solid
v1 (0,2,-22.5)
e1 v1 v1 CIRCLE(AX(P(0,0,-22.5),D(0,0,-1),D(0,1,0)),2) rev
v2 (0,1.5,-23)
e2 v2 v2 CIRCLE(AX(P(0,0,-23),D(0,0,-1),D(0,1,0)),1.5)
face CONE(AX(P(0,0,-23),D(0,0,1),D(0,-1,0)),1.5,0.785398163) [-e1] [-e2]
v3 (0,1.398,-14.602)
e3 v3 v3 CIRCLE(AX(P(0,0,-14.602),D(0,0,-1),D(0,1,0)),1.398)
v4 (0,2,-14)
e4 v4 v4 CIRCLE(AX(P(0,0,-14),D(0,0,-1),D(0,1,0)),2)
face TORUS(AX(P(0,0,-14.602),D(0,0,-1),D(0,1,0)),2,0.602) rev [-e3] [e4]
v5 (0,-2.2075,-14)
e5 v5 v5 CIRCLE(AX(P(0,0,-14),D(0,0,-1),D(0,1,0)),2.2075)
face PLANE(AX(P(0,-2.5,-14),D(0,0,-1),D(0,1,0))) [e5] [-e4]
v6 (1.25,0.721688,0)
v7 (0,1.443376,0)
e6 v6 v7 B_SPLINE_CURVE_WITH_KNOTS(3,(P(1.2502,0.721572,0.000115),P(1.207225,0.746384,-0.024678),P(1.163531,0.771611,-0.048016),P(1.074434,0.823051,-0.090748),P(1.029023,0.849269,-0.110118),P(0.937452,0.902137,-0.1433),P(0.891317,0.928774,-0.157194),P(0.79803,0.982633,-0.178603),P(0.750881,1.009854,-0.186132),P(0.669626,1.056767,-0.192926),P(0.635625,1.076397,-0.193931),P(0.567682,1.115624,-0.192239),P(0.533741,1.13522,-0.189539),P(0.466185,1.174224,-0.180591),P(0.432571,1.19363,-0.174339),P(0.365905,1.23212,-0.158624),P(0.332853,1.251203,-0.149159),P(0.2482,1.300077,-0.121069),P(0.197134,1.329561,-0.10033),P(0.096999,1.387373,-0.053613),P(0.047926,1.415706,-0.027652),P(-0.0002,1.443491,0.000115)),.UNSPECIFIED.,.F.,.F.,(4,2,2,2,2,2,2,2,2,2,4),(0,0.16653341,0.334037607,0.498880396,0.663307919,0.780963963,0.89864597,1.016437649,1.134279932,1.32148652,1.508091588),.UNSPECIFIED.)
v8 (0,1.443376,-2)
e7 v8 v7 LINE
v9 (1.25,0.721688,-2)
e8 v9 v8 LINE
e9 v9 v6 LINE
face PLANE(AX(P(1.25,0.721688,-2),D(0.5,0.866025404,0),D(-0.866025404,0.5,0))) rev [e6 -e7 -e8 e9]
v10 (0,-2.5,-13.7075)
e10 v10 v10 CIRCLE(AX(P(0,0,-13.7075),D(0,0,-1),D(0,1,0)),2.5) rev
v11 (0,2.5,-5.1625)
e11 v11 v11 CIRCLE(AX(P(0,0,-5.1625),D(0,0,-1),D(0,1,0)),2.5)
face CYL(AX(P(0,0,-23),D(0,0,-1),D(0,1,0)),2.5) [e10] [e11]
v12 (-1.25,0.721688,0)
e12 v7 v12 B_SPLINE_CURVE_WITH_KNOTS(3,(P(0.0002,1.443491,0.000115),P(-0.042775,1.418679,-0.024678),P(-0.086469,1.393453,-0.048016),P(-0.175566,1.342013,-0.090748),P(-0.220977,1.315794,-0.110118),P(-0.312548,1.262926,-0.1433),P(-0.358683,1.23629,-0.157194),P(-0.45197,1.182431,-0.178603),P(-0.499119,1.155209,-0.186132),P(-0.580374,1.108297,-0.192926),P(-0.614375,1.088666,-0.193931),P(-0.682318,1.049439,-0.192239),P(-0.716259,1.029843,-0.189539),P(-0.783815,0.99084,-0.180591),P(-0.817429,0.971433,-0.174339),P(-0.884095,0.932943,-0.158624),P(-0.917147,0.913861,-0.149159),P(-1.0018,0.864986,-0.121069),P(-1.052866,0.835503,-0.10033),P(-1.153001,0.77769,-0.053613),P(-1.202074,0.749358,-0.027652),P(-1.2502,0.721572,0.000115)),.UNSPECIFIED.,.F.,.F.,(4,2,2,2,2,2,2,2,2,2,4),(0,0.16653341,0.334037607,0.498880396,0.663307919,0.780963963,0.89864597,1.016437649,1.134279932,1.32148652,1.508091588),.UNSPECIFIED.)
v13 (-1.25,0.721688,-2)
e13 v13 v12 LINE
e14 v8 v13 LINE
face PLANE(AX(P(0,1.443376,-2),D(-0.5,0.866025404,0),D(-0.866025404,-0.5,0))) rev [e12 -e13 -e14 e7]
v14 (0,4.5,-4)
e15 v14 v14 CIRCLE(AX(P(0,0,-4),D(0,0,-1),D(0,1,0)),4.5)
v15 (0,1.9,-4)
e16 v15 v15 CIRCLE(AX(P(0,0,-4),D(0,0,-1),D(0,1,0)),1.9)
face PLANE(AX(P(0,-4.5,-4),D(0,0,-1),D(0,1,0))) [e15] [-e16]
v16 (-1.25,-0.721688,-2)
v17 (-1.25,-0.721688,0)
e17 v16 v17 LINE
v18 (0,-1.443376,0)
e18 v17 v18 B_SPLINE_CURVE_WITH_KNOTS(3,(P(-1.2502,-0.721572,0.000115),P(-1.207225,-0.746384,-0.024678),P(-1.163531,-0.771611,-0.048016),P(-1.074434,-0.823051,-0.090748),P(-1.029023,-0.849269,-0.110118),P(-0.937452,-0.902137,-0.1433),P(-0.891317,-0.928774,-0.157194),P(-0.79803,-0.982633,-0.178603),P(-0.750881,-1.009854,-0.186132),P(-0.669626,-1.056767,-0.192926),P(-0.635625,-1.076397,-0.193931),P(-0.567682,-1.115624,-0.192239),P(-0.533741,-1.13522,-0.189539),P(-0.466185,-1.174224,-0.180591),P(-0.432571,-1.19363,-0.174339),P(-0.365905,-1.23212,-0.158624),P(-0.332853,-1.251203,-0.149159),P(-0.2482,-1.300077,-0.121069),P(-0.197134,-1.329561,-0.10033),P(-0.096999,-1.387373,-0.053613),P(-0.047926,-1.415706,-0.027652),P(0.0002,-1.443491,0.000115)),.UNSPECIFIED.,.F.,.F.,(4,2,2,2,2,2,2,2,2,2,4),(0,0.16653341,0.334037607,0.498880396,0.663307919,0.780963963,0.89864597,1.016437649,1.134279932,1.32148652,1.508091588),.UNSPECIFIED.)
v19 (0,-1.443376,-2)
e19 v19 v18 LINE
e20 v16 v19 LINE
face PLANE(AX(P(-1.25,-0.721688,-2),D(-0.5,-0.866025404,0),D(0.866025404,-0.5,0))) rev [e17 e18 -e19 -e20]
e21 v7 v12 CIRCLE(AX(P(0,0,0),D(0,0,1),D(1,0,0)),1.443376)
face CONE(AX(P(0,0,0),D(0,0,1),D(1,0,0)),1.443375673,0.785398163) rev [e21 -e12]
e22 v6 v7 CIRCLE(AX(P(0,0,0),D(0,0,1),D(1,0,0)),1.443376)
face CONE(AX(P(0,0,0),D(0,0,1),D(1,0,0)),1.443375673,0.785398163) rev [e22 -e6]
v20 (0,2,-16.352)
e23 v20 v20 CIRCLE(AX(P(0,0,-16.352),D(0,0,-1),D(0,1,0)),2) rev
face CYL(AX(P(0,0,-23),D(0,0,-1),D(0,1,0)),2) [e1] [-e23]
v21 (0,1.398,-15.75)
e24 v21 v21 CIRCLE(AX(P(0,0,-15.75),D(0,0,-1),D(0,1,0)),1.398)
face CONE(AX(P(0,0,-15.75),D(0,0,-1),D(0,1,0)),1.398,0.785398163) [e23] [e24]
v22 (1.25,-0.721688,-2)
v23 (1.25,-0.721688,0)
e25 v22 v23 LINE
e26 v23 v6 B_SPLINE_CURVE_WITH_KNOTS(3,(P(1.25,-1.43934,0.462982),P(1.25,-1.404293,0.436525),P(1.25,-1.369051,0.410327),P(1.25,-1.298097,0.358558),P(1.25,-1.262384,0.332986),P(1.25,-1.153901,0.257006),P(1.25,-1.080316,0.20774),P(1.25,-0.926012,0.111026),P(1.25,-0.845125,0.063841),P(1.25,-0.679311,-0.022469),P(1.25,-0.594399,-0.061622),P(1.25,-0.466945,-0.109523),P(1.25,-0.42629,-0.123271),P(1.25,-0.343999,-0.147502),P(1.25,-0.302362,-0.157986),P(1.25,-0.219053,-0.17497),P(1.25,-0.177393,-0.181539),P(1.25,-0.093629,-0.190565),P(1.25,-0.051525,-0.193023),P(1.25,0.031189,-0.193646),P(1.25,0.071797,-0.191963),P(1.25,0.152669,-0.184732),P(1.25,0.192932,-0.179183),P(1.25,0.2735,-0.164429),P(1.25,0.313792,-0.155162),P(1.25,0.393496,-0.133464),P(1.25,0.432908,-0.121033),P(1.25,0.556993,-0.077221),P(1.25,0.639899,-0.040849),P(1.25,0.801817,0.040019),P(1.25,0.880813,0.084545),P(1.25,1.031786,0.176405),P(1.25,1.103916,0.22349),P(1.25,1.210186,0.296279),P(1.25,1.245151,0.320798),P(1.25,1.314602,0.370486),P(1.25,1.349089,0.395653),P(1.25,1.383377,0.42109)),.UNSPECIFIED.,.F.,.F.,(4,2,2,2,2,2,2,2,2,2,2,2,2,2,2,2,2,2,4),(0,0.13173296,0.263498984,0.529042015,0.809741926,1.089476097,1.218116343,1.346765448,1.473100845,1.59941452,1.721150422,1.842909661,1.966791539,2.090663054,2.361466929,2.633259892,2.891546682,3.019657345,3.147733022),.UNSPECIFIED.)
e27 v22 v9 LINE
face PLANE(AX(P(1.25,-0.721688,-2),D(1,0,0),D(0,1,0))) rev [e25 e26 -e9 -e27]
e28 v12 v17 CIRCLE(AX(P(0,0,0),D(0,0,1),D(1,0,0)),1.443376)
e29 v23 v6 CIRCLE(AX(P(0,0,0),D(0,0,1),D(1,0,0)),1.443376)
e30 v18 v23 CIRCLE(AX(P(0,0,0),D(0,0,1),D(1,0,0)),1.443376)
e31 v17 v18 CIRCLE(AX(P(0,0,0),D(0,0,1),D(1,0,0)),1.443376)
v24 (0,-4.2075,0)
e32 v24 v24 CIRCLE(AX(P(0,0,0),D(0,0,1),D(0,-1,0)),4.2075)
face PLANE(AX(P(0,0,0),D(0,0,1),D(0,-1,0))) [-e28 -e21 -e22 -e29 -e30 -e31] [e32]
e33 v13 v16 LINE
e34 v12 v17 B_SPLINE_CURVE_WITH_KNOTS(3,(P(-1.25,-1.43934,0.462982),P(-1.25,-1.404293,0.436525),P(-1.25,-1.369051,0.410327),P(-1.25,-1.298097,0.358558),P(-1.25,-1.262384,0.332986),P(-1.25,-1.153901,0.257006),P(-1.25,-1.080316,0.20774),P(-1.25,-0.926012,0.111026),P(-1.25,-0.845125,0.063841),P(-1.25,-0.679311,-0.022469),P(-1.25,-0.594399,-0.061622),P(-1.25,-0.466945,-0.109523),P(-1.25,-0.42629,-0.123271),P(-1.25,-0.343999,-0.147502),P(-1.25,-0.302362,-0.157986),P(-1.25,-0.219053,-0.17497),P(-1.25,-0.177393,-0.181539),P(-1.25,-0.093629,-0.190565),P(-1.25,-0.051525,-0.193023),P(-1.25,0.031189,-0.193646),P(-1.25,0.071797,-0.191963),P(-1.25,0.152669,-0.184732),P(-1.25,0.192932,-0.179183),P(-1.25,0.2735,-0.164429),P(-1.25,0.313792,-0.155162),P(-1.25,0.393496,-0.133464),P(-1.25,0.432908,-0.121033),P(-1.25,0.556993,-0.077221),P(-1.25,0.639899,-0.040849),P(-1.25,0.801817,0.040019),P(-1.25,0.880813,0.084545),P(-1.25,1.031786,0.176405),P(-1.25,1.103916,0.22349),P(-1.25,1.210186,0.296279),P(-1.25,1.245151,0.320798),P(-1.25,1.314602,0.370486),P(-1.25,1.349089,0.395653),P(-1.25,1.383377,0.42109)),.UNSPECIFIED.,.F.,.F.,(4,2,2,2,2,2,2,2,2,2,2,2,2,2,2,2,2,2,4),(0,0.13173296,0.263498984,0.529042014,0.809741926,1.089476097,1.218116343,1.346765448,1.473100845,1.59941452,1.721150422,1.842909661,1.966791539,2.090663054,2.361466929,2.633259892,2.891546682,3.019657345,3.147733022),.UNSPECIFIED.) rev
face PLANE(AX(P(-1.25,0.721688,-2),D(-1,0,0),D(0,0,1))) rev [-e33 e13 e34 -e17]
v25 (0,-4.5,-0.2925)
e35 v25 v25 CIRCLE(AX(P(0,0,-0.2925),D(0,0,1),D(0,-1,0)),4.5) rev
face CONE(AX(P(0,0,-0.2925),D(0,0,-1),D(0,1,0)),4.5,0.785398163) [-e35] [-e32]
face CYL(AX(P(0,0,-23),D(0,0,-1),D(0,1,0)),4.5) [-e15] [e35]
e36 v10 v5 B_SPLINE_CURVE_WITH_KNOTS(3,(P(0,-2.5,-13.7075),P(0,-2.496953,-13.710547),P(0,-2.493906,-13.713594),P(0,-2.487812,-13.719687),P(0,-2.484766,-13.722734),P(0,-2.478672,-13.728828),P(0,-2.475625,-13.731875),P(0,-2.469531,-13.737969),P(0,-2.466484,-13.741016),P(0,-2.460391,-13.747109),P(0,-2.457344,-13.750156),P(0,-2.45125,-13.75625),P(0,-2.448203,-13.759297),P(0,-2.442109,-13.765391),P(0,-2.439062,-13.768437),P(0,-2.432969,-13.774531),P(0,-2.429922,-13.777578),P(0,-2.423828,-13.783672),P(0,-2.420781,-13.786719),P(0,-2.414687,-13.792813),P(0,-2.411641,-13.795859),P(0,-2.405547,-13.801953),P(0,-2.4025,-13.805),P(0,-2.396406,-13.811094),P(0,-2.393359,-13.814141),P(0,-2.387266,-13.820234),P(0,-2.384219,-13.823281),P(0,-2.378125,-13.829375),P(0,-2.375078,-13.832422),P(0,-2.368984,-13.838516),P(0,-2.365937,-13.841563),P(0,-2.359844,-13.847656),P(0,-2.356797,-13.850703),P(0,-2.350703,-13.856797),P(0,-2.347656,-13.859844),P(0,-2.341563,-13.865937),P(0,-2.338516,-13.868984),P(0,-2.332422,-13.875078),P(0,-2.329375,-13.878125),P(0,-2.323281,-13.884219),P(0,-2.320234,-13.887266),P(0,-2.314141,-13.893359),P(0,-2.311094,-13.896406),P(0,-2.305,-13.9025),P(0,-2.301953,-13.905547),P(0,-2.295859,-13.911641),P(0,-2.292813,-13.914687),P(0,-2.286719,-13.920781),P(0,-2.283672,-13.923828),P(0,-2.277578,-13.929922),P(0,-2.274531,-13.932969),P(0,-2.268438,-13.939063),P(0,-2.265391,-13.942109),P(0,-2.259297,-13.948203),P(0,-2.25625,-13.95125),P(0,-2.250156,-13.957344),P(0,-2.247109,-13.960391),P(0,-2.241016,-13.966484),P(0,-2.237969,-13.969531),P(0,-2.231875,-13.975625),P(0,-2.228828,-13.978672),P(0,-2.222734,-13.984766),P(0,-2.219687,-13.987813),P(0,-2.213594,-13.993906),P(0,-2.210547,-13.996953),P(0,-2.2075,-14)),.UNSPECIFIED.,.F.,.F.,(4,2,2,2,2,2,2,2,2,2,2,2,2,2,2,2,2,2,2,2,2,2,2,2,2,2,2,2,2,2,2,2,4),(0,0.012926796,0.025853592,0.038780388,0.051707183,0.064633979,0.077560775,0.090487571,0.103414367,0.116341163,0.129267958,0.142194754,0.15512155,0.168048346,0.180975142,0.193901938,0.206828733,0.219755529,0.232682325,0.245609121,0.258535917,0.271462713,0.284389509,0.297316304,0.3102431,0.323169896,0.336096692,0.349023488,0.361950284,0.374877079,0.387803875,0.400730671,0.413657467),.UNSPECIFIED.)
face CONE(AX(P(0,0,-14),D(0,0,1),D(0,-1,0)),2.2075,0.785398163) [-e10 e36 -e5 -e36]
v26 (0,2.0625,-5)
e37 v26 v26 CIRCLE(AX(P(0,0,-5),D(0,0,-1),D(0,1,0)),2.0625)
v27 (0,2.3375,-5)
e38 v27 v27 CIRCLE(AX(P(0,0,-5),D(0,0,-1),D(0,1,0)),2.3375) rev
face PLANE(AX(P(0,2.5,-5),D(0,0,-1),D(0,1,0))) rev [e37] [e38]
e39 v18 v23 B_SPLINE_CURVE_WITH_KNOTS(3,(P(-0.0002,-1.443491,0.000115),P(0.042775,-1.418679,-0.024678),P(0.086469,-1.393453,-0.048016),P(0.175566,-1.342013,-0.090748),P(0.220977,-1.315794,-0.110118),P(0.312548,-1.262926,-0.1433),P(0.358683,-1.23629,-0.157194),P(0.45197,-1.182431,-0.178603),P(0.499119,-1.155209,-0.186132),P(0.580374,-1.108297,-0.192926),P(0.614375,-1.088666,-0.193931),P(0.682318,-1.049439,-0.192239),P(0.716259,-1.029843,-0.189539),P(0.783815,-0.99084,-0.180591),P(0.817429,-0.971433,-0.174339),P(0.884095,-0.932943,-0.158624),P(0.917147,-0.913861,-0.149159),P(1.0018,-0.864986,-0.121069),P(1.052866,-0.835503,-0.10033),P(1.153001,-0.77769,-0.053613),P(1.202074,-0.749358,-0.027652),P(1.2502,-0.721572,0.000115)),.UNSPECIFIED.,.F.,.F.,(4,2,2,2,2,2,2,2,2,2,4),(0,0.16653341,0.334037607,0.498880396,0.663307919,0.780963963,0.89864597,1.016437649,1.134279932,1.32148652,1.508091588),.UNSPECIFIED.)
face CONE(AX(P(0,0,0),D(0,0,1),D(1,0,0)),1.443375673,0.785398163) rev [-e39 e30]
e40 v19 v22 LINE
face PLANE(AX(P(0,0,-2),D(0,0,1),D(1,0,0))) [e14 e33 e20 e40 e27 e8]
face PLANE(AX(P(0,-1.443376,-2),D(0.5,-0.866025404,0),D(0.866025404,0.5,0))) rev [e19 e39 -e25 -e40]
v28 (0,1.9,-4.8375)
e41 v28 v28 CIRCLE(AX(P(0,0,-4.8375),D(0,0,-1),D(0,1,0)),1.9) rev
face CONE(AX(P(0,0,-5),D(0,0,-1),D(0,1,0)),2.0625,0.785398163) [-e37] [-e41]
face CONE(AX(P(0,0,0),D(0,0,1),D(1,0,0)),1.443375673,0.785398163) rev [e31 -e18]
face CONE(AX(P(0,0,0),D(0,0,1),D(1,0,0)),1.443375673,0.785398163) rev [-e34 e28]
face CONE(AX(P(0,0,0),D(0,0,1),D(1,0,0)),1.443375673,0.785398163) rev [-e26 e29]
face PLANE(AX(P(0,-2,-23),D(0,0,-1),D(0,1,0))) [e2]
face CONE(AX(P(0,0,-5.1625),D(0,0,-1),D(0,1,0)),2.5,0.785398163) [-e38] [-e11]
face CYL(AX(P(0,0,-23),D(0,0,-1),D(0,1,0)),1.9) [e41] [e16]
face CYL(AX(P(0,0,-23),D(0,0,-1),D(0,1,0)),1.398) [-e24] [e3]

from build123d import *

# Parameters (mm, degrees)
SKETCH12_W         = 1
SKETCH12_H         = 0.6
CHAMFER3_SIZE      = 0.1625
CHAMFER1_SIZE      = 0.5
CHAMFER2_SIZE      = 0.2925
CUT_EXTRUDE2_DEPTH = 2


with BuildPart() as part:
    # Sketch1 → Revolve1 (revolve)
    with BuildSketch(Plane(origin=(0, 0, 0), x_dir=(0, 0, -1), z_dir=(1, 0, 0))):
        Polygon((0, 4.5), (4, 4.5), (4, 2.5), (14, 2.5), (14, 2), (23, 2), (23, 0), (0, 0), align=None)
    revolve(axis=Axis((0, 0, -23), (0, 0, 1)))

    # Sketch12 → Cut-Revolve2 (revolve, cut)
    with BuildSketch(Plane(origin=(0, 0, 0), x_dir=(0, 0, -1), z_dir=(1, 0, 0))):
        with Locations((4.5, 2.2)):
            Rectangle(SKETCH12_W, SKETCH12_H)
    revolve(axis=Axis((0, 0, -23), (0, 0, 1)), mode=Mode.SUBTRACT)

    # Chamfer3
    chamfer3_edges = [part.edges().sort_by_distance(p)[0] for p in [
        (0, -1.9, -5),
        (0, -2.5, -5),
    ]]
    chamfer(chamfer3_edges, length=CHAMFER3_SIZE)

    # Sketch5 → Cut-Revolve1 (revolve, cut)
    with BuildSketch(Plane(origin=(0, 0, 0), x_dir=(0, 0, -1), z_dir=(1, 0, 0))):
        with BuildLine():
            Line((14, 2.5), (16.852, 2.5))
            Line((16.852, 2.5), (15.75, 1.398))
            Line((15.75, 1.398), (14.602, 1.398))
            ThreePointArc((14.602, 1.398), (14.176321718, 1.574321718), (14, 2))
            Line((14, 2), (14, 2.5))
        make_face()
    revolve(axis=Axis((0, 0, -23), (0, 0, 1)), mode=Mode.SUBTRACT)

    # Chamfer1
    chamfer1_edges = [part.edges().sort_by_distance(p)[0] for p in [
        (0, -2, -23),
    ]]
    chamfer(chamfer1_edges, length=CHAMFER1_SIZE)

    # Chamfer2
    chamfer2_edges = [part.edges().sort_by_distance(p)[0] for p in [
        (0, -2.5, -14),
        (0, -4.5, 0),
    ]]
    chamfer(chamfer2_edges, length=CHAMFER2_SIZE)

    # Sketch8 → Cut-Extrude2 (cut)
    with BuildSketch(Plane.XY):
        Polygon((1.25, 0.721687836), (0, 1.443375673), (-1.25, 0.721687836), (-1.25, -0.721687836), (0, -1.443375673), (1.25, -0.721687836), align=None)
    extrude(amount=-CUT_EXTRUDE2_DEPTH, mode=Mode.SUBTRACT)

    # Cut-Extrude4 cone 1 section (through the dimple's axis) → Cut-Extrude4 (revolve, cut)
    with BuildSketch(Plane(origin=(0, 0, 0), x_dir=(0, -1, 0), z_dir=(1, 0, 0))):
        Polygon((0, 0), (1.443375673, 0), (0, 1.443375673), align=None)
    revolve(axis=Axis((0, 0, 0), (0, 0, -1)), mode=Mode.SUBTRACT)


solid = part.part
